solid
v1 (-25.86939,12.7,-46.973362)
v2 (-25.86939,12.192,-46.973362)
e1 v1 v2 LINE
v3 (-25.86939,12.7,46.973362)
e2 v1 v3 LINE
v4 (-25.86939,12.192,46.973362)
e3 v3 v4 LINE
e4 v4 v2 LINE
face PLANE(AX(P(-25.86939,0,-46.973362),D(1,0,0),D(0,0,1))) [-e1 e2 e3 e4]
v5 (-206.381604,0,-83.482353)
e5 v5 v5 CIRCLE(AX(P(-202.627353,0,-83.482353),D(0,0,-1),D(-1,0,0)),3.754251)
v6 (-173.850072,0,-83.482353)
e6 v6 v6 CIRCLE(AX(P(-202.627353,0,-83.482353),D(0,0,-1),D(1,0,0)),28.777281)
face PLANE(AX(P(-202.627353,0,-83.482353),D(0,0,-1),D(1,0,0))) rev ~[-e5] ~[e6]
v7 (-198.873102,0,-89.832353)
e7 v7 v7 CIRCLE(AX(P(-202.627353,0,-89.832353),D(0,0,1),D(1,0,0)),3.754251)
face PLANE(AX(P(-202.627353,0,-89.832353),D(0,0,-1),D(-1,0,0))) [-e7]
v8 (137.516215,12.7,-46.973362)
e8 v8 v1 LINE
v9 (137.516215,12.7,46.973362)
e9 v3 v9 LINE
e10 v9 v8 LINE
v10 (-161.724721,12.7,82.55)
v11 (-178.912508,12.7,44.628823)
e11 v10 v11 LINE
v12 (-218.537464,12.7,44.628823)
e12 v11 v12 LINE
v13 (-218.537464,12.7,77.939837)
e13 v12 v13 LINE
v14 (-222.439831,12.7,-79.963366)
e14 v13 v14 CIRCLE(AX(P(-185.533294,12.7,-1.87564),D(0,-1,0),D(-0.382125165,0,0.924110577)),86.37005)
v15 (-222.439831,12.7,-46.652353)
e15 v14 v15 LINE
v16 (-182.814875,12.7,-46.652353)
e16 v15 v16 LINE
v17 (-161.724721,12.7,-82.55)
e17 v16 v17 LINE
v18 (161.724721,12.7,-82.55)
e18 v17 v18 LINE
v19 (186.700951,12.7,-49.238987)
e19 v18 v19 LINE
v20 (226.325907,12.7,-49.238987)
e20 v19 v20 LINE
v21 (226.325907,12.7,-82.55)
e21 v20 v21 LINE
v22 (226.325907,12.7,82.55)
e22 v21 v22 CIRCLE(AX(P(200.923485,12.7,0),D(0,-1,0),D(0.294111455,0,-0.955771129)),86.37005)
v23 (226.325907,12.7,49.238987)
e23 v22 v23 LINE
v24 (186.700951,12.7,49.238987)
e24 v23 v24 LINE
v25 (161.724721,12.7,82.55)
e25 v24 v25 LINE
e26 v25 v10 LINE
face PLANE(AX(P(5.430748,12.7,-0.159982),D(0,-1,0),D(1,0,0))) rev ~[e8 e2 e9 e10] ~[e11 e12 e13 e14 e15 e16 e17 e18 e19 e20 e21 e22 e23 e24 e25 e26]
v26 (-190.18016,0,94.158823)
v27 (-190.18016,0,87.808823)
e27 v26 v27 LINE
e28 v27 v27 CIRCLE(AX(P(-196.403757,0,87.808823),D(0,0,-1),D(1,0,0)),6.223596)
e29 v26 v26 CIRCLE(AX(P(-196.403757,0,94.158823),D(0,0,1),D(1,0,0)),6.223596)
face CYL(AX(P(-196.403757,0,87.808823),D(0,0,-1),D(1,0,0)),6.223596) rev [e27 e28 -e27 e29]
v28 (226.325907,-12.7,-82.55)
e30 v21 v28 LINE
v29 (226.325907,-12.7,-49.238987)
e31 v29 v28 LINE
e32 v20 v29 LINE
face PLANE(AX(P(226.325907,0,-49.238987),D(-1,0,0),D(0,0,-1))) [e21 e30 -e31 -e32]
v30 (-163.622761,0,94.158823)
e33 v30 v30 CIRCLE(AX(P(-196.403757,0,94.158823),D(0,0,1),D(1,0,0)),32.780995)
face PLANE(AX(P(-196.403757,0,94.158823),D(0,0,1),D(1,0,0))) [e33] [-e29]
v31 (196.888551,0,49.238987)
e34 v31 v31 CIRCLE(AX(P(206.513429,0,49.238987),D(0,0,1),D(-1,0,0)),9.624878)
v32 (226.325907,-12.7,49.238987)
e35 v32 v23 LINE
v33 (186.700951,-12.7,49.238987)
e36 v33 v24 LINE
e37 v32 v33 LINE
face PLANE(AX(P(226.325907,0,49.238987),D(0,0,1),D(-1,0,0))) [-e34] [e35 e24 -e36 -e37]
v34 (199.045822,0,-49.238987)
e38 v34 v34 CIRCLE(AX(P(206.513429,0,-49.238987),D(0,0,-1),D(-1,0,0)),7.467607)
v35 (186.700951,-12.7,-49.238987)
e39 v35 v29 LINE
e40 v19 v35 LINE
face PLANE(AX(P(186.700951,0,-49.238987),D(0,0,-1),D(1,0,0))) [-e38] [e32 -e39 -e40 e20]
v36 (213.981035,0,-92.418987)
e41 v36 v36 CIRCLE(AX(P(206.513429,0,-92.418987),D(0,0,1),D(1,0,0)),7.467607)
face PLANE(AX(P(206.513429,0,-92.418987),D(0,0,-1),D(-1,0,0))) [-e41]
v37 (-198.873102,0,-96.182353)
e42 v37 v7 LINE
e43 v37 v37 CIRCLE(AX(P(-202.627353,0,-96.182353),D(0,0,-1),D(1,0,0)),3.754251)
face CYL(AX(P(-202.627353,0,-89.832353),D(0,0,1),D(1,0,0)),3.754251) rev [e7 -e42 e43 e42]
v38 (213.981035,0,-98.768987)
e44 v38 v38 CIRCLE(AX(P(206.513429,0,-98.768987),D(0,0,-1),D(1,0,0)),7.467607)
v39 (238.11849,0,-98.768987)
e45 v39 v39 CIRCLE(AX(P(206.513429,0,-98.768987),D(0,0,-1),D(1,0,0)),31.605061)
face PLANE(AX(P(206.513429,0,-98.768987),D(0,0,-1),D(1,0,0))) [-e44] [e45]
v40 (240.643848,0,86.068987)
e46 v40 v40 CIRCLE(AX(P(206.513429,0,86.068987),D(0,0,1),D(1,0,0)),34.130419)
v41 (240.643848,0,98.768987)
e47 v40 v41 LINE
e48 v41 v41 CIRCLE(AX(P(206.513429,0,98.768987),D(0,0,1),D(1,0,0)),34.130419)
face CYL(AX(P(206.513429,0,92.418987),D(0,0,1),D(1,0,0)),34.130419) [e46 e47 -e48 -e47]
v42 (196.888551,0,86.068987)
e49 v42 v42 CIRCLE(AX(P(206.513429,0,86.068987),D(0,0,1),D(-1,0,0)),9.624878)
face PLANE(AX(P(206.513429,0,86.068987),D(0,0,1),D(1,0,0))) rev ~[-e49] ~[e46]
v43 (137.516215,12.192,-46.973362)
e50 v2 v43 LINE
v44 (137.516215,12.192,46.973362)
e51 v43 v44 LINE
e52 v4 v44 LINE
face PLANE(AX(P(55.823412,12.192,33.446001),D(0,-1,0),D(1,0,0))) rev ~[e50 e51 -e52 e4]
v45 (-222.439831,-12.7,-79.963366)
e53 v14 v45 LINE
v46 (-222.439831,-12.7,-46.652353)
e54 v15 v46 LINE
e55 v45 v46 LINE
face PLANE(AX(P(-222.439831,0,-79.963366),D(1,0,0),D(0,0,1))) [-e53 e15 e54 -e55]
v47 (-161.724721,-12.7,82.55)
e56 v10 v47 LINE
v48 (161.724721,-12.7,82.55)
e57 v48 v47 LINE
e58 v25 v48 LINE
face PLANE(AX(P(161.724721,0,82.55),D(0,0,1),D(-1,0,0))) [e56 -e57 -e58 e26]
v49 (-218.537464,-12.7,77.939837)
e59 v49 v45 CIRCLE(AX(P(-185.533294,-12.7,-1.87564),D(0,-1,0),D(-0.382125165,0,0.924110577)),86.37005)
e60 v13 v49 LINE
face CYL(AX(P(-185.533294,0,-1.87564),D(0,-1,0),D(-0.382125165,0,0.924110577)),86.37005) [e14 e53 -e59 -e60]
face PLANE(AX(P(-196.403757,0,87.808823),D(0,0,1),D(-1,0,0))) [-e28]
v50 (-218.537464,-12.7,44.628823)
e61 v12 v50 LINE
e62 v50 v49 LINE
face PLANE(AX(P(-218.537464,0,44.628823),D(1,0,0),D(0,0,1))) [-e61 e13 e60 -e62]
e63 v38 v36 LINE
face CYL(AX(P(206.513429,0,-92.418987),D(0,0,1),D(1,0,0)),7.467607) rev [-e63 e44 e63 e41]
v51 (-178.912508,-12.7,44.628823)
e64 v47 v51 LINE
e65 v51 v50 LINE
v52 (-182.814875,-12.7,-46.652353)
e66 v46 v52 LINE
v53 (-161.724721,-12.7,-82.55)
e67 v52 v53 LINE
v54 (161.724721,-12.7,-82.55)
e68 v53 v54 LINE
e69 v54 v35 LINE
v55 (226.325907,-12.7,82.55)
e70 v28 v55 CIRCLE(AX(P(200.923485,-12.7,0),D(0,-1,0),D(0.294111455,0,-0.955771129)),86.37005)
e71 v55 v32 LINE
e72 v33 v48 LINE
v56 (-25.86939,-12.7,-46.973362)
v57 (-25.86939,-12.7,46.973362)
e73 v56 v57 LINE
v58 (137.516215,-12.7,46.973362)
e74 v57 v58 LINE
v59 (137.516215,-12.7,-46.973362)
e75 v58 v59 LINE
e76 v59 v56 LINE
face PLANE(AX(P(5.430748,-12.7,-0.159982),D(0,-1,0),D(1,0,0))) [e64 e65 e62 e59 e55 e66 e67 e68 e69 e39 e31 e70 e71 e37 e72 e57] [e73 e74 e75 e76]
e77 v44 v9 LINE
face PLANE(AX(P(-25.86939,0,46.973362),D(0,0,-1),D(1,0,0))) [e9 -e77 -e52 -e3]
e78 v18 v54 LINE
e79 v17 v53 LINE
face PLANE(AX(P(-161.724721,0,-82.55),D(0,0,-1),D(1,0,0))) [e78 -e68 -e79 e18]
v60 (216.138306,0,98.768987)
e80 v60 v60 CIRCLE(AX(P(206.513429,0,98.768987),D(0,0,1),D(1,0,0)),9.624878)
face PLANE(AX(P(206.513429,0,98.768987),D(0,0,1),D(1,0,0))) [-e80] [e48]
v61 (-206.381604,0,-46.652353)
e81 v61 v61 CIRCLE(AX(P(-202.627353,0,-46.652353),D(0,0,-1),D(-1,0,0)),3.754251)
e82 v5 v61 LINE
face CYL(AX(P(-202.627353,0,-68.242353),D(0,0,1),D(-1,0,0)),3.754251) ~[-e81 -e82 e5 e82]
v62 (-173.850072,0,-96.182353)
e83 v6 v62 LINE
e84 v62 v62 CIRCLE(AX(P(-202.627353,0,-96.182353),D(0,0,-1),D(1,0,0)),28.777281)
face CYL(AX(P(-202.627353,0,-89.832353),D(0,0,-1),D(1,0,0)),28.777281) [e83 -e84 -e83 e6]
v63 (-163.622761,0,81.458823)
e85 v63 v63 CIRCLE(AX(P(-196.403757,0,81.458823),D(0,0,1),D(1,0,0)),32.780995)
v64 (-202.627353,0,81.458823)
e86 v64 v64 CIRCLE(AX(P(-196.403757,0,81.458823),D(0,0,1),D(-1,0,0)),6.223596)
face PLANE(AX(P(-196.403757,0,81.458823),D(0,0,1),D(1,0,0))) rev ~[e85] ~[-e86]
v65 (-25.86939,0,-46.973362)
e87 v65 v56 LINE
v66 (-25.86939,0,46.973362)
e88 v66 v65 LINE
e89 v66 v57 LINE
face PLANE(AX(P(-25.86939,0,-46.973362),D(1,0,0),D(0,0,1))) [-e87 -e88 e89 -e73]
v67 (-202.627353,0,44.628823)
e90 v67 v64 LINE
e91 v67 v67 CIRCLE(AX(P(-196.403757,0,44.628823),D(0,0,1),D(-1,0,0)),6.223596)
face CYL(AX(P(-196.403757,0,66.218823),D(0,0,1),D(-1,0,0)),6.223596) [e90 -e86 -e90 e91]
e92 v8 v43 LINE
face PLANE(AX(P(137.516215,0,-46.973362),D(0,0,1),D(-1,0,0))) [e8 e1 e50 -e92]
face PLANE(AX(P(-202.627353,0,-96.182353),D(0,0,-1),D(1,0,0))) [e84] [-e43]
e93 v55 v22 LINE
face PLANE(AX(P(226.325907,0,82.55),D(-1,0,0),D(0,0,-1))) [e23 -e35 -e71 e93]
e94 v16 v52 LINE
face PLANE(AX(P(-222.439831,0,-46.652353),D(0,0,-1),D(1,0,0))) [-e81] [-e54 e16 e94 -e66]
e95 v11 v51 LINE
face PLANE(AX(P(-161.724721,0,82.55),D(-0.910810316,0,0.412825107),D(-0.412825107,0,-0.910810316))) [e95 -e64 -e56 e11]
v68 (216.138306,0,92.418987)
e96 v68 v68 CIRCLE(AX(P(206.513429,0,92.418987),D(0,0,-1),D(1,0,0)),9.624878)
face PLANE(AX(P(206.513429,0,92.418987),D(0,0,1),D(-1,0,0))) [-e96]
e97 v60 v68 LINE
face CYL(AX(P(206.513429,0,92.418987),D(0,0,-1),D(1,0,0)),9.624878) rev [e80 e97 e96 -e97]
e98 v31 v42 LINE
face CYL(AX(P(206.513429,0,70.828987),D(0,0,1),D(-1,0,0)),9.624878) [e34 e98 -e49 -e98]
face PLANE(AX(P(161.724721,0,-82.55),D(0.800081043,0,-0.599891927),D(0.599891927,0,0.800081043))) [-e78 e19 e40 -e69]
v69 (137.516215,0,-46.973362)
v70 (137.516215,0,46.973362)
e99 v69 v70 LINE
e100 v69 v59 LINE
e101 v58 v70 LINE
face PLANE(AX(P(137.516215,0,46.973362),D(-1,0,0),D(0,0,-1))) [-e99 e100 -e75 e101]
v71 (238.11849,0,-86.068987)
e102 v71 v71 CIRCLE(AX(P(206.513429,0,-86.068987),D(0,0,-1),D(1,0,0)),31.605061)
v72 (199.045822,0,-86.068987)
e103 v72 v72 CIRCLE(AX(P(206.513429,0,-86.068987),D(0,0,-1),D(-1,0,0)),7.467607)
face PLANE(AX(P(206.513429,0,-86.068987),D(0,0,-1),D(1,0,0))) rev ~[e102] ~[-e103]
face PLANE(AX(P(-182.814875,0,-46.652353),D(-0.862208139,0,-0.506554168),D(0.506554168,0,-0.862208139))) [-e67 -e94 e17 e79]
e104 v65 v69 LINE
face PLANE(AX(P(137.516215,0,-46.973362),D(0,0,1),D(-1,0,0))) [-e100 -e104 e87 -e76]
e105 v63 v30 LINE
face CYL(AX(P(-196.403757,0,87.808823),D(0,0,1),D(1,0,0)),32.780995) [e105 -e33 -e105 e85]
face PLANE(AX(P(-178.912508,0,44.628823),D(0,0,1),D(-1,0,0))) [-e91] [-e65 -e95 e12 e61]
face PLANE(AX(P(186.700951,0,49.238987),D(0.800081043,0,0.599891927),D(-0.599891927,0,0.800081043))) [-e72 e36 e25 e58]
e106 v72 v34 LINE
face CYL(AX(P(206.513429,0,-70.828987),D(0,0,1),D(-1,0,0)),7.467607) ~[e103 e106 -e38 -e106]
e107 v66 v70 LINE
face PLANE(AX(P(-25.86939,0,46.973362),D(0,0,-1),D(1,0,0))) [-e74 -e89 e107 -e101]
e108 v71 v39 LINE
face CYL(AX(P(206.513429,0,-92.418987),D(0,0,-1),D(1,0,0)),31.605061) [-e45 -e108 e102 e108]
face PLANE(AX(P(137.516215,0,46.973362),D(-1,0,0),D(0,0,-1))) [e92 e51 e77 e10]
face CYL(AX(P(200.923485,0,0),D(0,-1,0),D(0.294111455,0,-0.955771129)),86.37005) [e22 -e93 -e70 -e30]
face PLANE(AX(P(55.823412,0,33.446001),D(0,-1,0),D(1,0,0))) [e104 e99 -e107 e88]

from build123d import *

# Parameters (mm, degrees)
F1_DEPTH  = 12.7
F0_W      = 163.3856055679
F0_H      = 27.0547205253
F0_H_2    = 34.7771560773
F0_H_3    = 32.1148465989
F2_DEPTH  = 12.192
F0_W_2    = 6.2235964999
F0_H_4    = 43.18
F0_W_3    = 3.7542508378
F0_W_4    = 9.6248776398
F0_W_5    = 7.4676067315
F7_R      = 32.7809954098
F7_R_2    = 6.2235964999
F8_DEPTH  = 6.35
F9_R      = 34.1304188129
F9_R_2    = 9.6248776398
F10_DEPTH = 6.35
F11_R     = 31.6050614304
F11_R_2   = 7.4676067315
F12_DEPTH = 6.35
F13_R     = 28.7772808224
F13_R_2   = 3.7542508378
F14_DEPTH = 6.35


with BuildPart() as f1:
    # F0 (on Front) → F1 (new body, symmetric)
    with BuildSketch(Plane.XZ):
        with BuildLine():
            Line((186.7009509993, 49.238986743), (161.7247212493, 82.55))
            Line((161.7247212493, 82.55), (-161.7247212493, 82.55))
            Line((-161.7247212493, 82.55), (-178.912508309, 44.6288234264))
            Line((-178.912508309, 44.6288234264), (-196.4037567377, 44.6288234264))
            Line((-196.4037567377, 44.6288234264), (-202.6273532376, 44.6288234264))
            Line((-202.6273532376, 44.6288234264), (-218.5374638219, 44.6288234264))
            Line((-218.5374638219, 44.6288234264), (-218.5374638219, 77.9398366834))
            ThreePointArc((-218.5374638219, 77.9398366834), (-271.8769801908, 0.258229293), (-222.4398309941, -79.9633663813))
            Line((-222.4398309941, -79.9633663813), (-222.4398309941, -46.6523531243))
            Line((-222.4398309941, -46.6523531243), (-206.3816040754, -46.6523531243))
            Line((-206.3816040754, -46.6523531243), (-202.6273532376, -46.6523531243))
            Line((-202.6273532376, -46.6523531243), (-182.8148754811, -46.6523531243))
            Line((-182.8148754811, -46.6523531243), (-161.7247212493, -82.55))
            Line((-161.7247212493, -82.55), (161.7247212493, -82.55))
            Line((161.7247212493, -82.55), (186.7009509993, -49.238986743))
            Line((186.7009509993, -49.238986743), (199.0458220243, -49.238986743))
            Line((199.0458220243, -49.238986743), (206.5134287558, -49.238986743))
            Line((206.5134287558, -49.238986743), (226.3259065123, -49.238986743))
            Line((226.3259065123, -49.238986743), (226.3259065123, -82.55))
            ThreePointArc((226.3259065123, -82.55), (287.2935352333, 0), (226.3259065123, 82.55))
            Line((226.3259065123, 82.55), (226.3259065123, 49.238986743))
            Line((226.3259065123, 49.238986743), (206.5134287558, 49.238986743))
            Line((206.5134287558, 49.238986743), (196.888551116, 49.238986743))
            Line((196.888551116, 49.238986743), (186.7009509993, 49.238986743))
        make_face()
        Polygon((137.5162151193, -14.8585150018), (137.5162151193, -46.9733616008), (-25.8693904485, -46.9733616008), (-25.8693904485, -14.8585150018), (-25.8693904485, 19.9186410755), (-25.8693904485, 46.9733616008), (137.5162151193, 46.9733616008), (137.5162151193, 19.9186410755), align=None, mode=Mode.SUBTRACT)
    extrude(amount=F1_DEPTH, both=True)

    # F0 (on Front) → F2 (join)
    with BuildSketch(Plane.XZ):
        with Locations((55.8234123354, 33.4460013381)):
            Rectangle(F0_W, F0_H)
        with Locations((55.8234123354, 2.5300630368)):
            Rectangle(F0_W, F0_H_2)
        with Locations((55.8234123354, -30.9159383013)):
            Rectangle(F0_W, F0_H_3)
    extrude(amount=-F2_DEPTH)

    # F0 (on Front) → F3 (revolve)
    with BuildSketch(Plane.XZ):
        with Locations((-199.5155549877, 66.2188234264)):
            Rectangle(F0_W_2, F0_H_4)
    revolve(axis=Axis((-196.4037567377, 0, 66.2188234264), (0, 0, 1)))

    # F0 (on Front) → F4 (revolve)
    with BuildSketch(Plane.XZ):
        with Locations((-204.5044786565, -68.2423531243)):
            Rectangle(F0_W_3, F0_H_4)
    revolve(axis=Axis((-202.6273532376, 0, -68.2423531243), (0, 0, -1)))

    # F0 (on Front) → F5 (revolve)
    with BuildSketch(Plane.XZ):
        with Locations((201.7009899359, 70.828986743)):
            Rectangle(F0_W_4, F0_H_4)
    revolve(axis=Axis((206.5134287558, 0, 70.828986743), (0, 0, 1)))

    # F0 (on Front) → F6 (revolve)
    with BuildSketch(Plane.XZ):
        with Locations((202.7796253901, -70.828986743)):
            Rectangle(F0_W_5, F0_H_4)
    revolve(axis=Axis((206.5134287558, 0, -70.828986743), (0, 0, -1)))

    # F7 (on face) → F8 (join, symmetric)
    with BuildSketch(Plane.XY.offset(87.8088234264)):
        with Locations((-196.4037567377, 0)):
            Circle(F7_R)
        with Locations((-196.4037567377, 0)):
            Circle(F7_R_2, mode=Mode.SUBTRACT)
    extrude(amount=F8_DEPTH, both=True)

    # F9 (on face) → F10 (join, symmetric)
    with BuildSketch(Plane.XY.offset(92.418986743)):
        with Locations((206.5134287558, 0)):
            Circle(F9_R)
        with Locations((206.5134287558, 0)):
            Circle(F9_R_2, mode=Mode.SUBTRACT)
    extrude(amount=F10_DEPTH, both=True)

    # F11 (on face) → F12 (join, symmetric)
    with BuildSketch(Plane(origin=(0, 0, -92.418986743), x_dir=(1, 0, 0), z_dir=(0, 0, -1))):
        with Locations((206.5134287558, 0)):
            Circle(F11_R)
        with Locations((206.5134287558, 0)):
            Circle(F11_R_2, mode=Mode.SUBTRACT)
    extrude(amount=F12_DEPTH, both=True)

    # F13 (on face) → F14 (join, symmetric)
    with BuildSketch(Plane(origin=(0, 0, -89.8323531243), x_dir=(1, 0, 0), z_dir=(0, 0, -1))):
        with Locations((-202.6273532376, 0)):
            Circle(F13_R)
        with Locations((-202.6273532376, 0)):
            Circle(F13_R_2, mode=Mode.SUBTRACT)
    extrude(amount=F14_DEPTH, both=True)


solid = f1.part
